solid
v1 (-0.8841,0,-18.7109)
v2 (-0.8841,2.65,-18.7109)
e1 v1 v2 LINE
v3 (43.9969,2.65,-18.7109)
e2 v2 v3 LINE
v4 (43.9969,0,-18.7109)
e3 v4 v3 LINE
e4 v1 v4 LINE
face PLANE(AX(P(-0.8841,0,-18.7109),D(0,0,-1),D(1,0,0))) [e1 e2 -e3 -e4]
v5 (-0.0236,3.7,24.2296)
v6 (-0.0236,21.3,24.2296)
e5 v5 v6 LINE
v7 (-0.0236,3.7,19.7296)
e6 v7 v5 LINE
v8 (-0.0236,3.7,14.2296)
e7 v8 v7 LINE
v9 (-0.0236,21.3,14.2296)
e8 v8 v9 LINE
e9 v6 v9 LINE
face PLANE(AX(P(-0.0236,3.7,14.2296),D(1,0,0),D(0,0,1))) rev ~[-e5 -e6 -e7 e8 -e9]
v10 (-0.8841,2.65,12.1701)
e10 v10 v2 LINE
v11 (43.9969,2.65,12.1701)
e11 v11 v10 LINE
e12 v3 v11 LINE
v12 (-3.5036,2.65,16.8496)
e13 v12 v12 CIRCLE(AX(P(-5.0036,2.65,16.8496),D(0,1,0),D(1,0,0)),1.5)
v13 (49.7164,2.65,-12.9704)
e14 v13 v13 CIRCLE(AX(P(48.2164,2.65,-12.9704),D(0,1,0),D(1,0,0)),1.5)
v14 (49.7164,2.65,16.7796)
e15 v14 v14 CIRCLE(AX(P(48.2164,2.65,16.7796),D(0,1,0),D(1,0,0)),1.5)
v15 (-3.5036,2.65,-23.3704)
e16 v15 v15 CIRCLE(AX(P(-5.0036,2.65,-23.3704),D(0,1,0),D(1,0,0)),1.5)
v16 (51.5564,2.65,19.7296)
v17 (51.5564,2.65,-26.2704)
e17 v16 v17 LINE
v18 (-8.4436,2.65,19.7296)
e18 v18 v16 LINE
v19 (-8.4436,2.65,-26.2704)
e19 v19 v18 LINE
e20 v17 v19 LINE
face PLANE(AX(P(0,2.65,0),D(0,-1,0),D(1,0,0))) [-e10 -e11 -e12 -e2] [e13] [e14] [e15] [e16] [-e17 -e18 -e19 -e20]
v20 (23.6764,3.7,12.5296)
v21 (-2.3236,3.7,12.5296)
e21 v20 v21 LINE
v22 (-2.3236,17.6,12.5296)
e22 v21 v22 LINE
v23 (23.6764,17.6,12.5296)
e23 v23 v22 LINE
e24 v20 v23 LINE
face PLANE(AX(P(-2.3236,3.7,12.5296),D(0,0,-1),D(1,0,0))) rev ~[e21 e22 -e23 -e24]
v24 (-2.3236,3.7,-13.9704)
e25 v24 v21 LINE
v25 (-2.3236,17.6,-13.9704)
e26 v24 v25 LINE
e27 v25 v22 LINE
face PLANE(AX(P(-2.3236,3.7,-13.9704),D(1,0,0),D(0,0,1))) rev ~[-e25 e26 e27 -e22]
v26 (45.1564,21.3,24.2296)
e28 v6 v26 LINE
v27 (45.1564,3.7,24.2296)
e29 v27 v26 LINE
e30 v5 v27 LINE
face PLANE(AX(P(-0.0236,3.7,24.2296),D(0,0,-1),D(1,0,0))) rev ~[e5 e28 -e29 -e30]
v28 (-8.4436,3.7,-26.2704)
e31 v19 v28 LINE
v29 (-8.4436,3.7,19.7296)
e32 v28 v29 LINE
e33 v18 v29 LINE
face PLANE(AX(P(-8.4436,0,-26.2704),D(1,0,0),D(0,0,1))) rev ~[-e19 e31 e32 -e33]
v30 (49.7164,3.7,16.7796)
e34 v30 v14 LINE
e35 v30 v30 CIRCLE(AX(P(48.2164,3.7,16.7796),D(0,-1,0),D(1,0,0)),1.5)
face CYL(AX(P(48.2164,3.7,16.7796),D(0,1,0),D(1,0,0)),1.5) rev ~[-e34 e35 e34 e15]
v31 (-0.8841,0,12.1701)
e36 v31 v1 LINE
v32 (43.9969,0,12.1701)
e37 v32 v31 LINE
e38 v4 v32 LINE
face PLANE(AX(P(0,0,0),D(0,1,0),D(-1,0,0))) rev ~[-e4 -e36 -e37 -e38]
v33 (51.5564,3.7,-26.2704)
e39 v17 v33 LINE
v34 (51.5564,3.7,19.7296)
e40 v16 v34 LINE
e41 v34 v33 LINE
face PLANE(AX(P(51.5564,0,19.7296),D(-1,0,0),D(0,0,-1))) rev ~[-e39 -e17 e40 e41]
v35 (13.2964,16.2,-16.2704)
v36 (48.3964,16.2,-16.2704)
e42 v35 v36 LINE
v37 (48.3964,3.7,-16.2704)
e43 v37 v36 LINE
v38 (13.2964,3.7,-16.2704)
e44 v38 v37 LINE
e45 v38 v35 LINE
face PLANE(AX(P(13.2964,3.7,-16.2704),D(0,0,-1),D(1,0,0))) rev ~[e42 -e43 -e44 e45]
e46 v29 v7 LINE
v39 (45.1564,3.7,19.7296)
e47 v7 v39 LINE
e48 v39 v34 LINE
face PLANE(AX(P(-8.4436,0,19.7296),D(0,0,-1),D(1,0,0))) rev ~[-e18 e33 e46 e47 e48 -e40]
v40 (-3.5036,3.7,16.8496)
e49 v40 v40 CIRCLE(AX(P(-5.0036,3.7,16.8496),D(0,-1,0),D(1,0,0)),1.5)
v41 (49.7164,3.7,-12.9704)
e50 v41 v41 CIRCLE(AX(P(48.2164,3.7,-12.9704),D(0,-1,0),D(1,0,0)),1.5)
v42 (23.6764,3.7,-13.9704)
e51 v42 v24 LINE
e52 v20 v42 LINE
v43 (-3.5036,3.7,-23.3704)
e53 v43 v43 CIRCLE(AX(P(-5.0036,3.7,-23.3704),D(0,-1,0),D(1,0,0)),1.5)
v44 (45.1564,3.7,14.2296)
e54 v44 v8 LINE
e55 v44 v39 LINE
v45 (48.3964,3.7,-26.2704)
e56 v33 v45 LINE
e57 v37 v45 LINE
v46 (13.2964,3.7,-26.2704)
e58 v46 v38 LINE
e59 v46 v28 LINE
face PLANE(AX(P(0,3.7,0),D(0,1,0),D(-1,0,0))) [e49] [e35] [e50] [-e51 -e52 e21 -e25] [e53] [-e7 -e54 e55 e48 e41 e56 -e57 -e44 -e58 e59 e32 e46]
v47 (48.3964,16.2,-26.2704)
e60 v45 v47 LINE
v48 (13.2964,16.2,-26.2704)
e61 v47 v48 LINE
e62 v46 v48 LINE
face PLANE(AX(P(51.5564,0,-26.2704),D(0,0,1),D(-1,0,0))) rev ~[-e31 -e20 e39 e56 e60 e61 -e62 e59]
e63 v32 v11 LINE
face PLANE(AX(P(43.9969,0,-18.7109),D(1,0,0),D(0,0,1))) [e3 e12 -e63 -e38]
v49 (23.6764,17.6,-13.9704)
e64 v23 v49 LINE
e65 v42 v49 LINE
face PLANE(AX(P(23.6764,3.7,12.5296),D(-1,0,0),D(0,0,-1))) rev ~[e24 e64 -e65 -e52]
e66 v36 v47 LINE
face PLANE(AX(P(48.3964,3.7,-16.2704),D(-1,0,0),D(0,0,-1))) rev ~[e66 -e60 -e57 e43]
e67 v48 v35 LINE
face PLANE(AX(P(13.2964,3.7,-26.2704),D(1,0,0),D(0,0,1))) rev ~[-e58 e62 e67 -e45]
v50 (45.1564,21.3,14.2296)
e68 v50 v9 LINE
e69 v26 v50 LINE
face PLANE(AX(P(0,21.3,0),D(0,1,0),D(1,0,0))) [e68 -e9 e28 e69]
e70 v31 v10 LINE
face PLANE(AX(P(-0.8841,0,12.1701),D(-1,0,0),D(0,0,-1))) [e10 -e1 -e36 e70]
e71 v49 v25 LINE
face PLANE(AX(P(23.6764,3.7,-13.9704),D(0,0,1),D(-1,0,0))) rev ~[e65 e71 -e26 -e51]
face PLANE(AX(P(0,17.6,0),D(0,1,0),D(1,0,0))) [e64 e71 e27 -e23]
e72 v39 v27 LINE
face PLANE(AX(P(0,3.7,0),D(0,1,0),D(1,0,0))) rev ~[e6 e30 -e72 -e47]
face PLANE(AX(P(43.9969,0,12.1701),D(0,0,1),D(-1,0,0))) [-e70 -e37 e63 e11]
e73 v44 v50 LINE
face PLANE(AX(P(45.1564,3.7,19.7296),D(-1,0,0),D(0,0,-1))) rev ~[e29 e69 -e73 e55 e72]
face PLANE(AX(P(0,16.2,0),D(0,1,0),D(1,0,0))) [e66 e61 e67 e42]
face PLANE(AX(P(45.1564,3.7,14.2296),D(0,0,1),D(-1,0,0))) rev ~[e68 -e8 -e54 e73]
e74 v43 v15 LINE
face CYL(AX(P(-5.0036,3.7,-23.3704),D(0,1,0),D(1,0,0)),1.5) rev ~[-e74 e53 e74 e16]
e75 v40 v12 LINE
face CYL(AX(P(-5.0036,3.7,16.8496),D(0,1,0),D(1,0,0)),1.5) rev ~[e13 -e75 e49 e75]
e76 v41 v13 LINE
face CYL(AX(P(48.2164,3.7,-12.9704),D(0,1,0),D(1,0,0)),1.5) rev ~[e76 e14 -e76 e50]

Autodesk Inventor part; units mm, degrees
ref_plane "YZ Plane" through (0, 0, 0) normal (1, 0, 0) x (0, 1, 0)
ref_plane "XZ Plane" through (0, 0, 0) normal (0, 1, 0) x (-1, 0, 0)
ref_plane "XY Plane" through (0, 0, 0) normal (0, 0, 1) x (1, 0, 0)
sketch "Sketch1" plane through (0, 0, 0) normal (0, 1, 0) x (-1, 0, 0)
  line L0 (8.4436, 19.7296) -> (-51.5564, 19.7296)
  line L1 (-51.5564, 19.7296) -> (-51.5564, -26.2704)
  line L2 (-51.5564, -26.2704) -> (8.4436, -26.2704)
  line L3 (8.4436, -26.2704) -> (8.4436, 19.7296)
  point P0 (0, 0)
  dimension "d0" = 60
  dimension "d1" = 46
extrude "Extrusion1" add sketch "Sketch1" along normal blind 3.7
sketch "Sketch2" plane through (0, 3.7, 0) normal (0, 1, 0) x (1, 0, 0)
  line L0 (-8.4436, -19.7296) -> (51.5564, -19.7296) projected
  line L1 (-8.4436, 26.2704) -> (-8.4436, -19.7296) projected
  line L2 (51.5564, -19.7296) -> (51.5564, 26.2704) projected
  line L3 (-8.4436, -19.7296) -> (-0.0236, -19.7296)
  line L4 (51.5564, -19.7296) -> (45.1564, -19.7296)
  line L5 (45.1564, -19.7296) -> (45.1564, -14.2296)
  line L6 (45.1564, -14.2296) -> (-0.0236, -14.2296)
  line L7 (-0.0236, -14.2296) -> (-0.0236, -24.2296)
  line L8 (-0.0236, -24.2296) -> (45.1564, -24.2296)
  line L9 (45.1564, -24.2296) -> (45.1564, -14.2296)
  point P0 (0, 0)
  dimension "d4" = 8.42
  dimension "d5" = 6.4
  dimension "d6" = 5.5
  dimension "d7" = 10
extrude "Extrusion2" add sketch "Sketch2" along normal blind 17.6
sketch "Sketch3" plane through (0, 3.7, 0) normal (0, 1, 0) x (1, 0, 0)
  line L0 (-8.4436, 26.2704) -> (-8.4436, -19.7296) projected
  line L1 (-2.3236, 26.2704) -> (-2.3236, -19.7296)
  line L2 (45.1564, -14.2296) -> (-0.0236, -14.2296) projected
  line L3 (45.1564, -12.5296) -> (-0.0236, -12.5296)
  line L4 (-2.3236, -12.5296) -> (23.6764, -12.5296)
  line L5 (23.6764, -12.5296) -> (23.6764, 13.9704)
  line L6 (23.6764, 13.9704) -> (-2.3236, 13.9704)
  line L7 (-2.3236, 13.9704) -> (-2.3236, -12.5296)
  point P0 (0, 0)
  dimension "d10" = 6.12
  dimension "d11" = 1.7
  dimension "d12" = 26
  dimension "d13" = 26.5
extrude "Extrusion3" add sketch "Sketch3" along normal blind 13.9
sketch "Sketch4" plane through (0, 3.7, 0) normal (0, 1, 0) x (1, 0, 0)
  line L0 (-8.4436, -19.7296) -> (-0.0236, -19.7296) projected
  line L1 (-6.5036, 26.2704) -> (-6.5036, -17.7896)
  line L2 (-0.0236, -18.3496) -> (-7.0636, -18.3496)
  circle A0 centre (-5.0036, -16.8496) radius 1.5
  line L3 (51.5564, 26.2704) -> (-8.4436, 26.2704) projected
  line L4 (51.5564, 24.8704) -> (-7.0436, 24.8704)
  circle A1 centre (-5.0036, 23.3704) radius 1.5
  line L5 (49.7164, -19.7296) -> (49.7164, 24.4304)
  line L6 (-0.0236, -41.0522) -> (-29.7662, -41.0522)
  line L7 (-29.7662, -41.0522) -> (-29.7662, 47.593)
  line L8 (-29.7662, 47.593) -> (72.879, 47.593)
  line L9 (72.879, 47.593) -> (72.879, -19.7296)
  line L10 (45.1564, -19.7296) -> (51.5564, -19.7296) projected
  line L11 (45.1564, -18.2796) -> (50.1064, -18.2796)
  circle A2 centre (48.2164, -16.7796) radius 1.5
  line L12 (51.5564, 14.4704) -> (-7.0436, 14.4704)
  circle A3 centre (48.2164, 12.9704) radius 1.5
  point P0 (0, 0)
  dimension "d17" = 1.38
  dimension "d18" = 3
  dimension "d19" = 1.4
  dimension "d20" = 3
  dimension "d22" = 1.45
  dimension "d23" = 3
  dimension "d24" = 10.4
  dimension "d25" = 3
extrude "Extrusion4" cut sketch "Sketch4" against normal blind 13.9 contours A2 | A3 | A0 | A1
sketch "Sketch5" plane through (0, 0, 0) normal (0, -1, 0) x (1, 0, 0)
  line L0 (51.5564, 19.7296) -> (51.5564, -26.2704) projected
  line L1 (-8.4436, 19.7296) -> (51.5564, 19.7296) projected
  line L2 (-8.4436, -26.2704) -> (-8.4436, 19.7296) projected
  line L3 (51.5564, -26.2704) -> (-8.4436, -26.2704) projected
  line L4 (43.9969, -18.7109) -> (43.9969, 12.1701)
  line L5 (43.9969, 12.1701) -> (-0.8841, 12.1701)
  line L6 (-0.8841, 12.1701) -> (-0.8841, -18.7109)
  line L7 (-0.8841, -18.7109) -> (43.9969, -18.7109)
  point P0 (0, 0)
extrude "Extrusion5" cut sketch "Sketch5" against normal blind 2.65
sketch "Sketch6" plane through (0, 3.7, 0) normal (0, 1, 0) x (1, 0, 0)
  line L0 (51.5564, -19.7296) -> (51.5564, 26.2704) projected
  line L1 (48.3964, -19.7296) -> (48.3964, 26.2704)
  line L2 (51.5564, 26.2704) -> (-8.4436, 26.2704) projected
  line L3 (48.3964, 26.2704) -> (13.2964, 26.2704)
  line L4 (13.2964, 26.2704) -> (13.2964, 16.2704)
  line L5 (13.2964, 16.2704) -> (48.3964, 16.2704)
  line L6 (48.3964, 16.2704) -> (48.3964, 26.2704)
  point P0 (0, 0)
  dimension "d30" = 3.16
  dimension "d31" = 35.1
  dimension "d32" = 10
extrude "Extrusion6" add sketch "Sketch6" along normal blind 12.5
properties part number "CapCharger"
